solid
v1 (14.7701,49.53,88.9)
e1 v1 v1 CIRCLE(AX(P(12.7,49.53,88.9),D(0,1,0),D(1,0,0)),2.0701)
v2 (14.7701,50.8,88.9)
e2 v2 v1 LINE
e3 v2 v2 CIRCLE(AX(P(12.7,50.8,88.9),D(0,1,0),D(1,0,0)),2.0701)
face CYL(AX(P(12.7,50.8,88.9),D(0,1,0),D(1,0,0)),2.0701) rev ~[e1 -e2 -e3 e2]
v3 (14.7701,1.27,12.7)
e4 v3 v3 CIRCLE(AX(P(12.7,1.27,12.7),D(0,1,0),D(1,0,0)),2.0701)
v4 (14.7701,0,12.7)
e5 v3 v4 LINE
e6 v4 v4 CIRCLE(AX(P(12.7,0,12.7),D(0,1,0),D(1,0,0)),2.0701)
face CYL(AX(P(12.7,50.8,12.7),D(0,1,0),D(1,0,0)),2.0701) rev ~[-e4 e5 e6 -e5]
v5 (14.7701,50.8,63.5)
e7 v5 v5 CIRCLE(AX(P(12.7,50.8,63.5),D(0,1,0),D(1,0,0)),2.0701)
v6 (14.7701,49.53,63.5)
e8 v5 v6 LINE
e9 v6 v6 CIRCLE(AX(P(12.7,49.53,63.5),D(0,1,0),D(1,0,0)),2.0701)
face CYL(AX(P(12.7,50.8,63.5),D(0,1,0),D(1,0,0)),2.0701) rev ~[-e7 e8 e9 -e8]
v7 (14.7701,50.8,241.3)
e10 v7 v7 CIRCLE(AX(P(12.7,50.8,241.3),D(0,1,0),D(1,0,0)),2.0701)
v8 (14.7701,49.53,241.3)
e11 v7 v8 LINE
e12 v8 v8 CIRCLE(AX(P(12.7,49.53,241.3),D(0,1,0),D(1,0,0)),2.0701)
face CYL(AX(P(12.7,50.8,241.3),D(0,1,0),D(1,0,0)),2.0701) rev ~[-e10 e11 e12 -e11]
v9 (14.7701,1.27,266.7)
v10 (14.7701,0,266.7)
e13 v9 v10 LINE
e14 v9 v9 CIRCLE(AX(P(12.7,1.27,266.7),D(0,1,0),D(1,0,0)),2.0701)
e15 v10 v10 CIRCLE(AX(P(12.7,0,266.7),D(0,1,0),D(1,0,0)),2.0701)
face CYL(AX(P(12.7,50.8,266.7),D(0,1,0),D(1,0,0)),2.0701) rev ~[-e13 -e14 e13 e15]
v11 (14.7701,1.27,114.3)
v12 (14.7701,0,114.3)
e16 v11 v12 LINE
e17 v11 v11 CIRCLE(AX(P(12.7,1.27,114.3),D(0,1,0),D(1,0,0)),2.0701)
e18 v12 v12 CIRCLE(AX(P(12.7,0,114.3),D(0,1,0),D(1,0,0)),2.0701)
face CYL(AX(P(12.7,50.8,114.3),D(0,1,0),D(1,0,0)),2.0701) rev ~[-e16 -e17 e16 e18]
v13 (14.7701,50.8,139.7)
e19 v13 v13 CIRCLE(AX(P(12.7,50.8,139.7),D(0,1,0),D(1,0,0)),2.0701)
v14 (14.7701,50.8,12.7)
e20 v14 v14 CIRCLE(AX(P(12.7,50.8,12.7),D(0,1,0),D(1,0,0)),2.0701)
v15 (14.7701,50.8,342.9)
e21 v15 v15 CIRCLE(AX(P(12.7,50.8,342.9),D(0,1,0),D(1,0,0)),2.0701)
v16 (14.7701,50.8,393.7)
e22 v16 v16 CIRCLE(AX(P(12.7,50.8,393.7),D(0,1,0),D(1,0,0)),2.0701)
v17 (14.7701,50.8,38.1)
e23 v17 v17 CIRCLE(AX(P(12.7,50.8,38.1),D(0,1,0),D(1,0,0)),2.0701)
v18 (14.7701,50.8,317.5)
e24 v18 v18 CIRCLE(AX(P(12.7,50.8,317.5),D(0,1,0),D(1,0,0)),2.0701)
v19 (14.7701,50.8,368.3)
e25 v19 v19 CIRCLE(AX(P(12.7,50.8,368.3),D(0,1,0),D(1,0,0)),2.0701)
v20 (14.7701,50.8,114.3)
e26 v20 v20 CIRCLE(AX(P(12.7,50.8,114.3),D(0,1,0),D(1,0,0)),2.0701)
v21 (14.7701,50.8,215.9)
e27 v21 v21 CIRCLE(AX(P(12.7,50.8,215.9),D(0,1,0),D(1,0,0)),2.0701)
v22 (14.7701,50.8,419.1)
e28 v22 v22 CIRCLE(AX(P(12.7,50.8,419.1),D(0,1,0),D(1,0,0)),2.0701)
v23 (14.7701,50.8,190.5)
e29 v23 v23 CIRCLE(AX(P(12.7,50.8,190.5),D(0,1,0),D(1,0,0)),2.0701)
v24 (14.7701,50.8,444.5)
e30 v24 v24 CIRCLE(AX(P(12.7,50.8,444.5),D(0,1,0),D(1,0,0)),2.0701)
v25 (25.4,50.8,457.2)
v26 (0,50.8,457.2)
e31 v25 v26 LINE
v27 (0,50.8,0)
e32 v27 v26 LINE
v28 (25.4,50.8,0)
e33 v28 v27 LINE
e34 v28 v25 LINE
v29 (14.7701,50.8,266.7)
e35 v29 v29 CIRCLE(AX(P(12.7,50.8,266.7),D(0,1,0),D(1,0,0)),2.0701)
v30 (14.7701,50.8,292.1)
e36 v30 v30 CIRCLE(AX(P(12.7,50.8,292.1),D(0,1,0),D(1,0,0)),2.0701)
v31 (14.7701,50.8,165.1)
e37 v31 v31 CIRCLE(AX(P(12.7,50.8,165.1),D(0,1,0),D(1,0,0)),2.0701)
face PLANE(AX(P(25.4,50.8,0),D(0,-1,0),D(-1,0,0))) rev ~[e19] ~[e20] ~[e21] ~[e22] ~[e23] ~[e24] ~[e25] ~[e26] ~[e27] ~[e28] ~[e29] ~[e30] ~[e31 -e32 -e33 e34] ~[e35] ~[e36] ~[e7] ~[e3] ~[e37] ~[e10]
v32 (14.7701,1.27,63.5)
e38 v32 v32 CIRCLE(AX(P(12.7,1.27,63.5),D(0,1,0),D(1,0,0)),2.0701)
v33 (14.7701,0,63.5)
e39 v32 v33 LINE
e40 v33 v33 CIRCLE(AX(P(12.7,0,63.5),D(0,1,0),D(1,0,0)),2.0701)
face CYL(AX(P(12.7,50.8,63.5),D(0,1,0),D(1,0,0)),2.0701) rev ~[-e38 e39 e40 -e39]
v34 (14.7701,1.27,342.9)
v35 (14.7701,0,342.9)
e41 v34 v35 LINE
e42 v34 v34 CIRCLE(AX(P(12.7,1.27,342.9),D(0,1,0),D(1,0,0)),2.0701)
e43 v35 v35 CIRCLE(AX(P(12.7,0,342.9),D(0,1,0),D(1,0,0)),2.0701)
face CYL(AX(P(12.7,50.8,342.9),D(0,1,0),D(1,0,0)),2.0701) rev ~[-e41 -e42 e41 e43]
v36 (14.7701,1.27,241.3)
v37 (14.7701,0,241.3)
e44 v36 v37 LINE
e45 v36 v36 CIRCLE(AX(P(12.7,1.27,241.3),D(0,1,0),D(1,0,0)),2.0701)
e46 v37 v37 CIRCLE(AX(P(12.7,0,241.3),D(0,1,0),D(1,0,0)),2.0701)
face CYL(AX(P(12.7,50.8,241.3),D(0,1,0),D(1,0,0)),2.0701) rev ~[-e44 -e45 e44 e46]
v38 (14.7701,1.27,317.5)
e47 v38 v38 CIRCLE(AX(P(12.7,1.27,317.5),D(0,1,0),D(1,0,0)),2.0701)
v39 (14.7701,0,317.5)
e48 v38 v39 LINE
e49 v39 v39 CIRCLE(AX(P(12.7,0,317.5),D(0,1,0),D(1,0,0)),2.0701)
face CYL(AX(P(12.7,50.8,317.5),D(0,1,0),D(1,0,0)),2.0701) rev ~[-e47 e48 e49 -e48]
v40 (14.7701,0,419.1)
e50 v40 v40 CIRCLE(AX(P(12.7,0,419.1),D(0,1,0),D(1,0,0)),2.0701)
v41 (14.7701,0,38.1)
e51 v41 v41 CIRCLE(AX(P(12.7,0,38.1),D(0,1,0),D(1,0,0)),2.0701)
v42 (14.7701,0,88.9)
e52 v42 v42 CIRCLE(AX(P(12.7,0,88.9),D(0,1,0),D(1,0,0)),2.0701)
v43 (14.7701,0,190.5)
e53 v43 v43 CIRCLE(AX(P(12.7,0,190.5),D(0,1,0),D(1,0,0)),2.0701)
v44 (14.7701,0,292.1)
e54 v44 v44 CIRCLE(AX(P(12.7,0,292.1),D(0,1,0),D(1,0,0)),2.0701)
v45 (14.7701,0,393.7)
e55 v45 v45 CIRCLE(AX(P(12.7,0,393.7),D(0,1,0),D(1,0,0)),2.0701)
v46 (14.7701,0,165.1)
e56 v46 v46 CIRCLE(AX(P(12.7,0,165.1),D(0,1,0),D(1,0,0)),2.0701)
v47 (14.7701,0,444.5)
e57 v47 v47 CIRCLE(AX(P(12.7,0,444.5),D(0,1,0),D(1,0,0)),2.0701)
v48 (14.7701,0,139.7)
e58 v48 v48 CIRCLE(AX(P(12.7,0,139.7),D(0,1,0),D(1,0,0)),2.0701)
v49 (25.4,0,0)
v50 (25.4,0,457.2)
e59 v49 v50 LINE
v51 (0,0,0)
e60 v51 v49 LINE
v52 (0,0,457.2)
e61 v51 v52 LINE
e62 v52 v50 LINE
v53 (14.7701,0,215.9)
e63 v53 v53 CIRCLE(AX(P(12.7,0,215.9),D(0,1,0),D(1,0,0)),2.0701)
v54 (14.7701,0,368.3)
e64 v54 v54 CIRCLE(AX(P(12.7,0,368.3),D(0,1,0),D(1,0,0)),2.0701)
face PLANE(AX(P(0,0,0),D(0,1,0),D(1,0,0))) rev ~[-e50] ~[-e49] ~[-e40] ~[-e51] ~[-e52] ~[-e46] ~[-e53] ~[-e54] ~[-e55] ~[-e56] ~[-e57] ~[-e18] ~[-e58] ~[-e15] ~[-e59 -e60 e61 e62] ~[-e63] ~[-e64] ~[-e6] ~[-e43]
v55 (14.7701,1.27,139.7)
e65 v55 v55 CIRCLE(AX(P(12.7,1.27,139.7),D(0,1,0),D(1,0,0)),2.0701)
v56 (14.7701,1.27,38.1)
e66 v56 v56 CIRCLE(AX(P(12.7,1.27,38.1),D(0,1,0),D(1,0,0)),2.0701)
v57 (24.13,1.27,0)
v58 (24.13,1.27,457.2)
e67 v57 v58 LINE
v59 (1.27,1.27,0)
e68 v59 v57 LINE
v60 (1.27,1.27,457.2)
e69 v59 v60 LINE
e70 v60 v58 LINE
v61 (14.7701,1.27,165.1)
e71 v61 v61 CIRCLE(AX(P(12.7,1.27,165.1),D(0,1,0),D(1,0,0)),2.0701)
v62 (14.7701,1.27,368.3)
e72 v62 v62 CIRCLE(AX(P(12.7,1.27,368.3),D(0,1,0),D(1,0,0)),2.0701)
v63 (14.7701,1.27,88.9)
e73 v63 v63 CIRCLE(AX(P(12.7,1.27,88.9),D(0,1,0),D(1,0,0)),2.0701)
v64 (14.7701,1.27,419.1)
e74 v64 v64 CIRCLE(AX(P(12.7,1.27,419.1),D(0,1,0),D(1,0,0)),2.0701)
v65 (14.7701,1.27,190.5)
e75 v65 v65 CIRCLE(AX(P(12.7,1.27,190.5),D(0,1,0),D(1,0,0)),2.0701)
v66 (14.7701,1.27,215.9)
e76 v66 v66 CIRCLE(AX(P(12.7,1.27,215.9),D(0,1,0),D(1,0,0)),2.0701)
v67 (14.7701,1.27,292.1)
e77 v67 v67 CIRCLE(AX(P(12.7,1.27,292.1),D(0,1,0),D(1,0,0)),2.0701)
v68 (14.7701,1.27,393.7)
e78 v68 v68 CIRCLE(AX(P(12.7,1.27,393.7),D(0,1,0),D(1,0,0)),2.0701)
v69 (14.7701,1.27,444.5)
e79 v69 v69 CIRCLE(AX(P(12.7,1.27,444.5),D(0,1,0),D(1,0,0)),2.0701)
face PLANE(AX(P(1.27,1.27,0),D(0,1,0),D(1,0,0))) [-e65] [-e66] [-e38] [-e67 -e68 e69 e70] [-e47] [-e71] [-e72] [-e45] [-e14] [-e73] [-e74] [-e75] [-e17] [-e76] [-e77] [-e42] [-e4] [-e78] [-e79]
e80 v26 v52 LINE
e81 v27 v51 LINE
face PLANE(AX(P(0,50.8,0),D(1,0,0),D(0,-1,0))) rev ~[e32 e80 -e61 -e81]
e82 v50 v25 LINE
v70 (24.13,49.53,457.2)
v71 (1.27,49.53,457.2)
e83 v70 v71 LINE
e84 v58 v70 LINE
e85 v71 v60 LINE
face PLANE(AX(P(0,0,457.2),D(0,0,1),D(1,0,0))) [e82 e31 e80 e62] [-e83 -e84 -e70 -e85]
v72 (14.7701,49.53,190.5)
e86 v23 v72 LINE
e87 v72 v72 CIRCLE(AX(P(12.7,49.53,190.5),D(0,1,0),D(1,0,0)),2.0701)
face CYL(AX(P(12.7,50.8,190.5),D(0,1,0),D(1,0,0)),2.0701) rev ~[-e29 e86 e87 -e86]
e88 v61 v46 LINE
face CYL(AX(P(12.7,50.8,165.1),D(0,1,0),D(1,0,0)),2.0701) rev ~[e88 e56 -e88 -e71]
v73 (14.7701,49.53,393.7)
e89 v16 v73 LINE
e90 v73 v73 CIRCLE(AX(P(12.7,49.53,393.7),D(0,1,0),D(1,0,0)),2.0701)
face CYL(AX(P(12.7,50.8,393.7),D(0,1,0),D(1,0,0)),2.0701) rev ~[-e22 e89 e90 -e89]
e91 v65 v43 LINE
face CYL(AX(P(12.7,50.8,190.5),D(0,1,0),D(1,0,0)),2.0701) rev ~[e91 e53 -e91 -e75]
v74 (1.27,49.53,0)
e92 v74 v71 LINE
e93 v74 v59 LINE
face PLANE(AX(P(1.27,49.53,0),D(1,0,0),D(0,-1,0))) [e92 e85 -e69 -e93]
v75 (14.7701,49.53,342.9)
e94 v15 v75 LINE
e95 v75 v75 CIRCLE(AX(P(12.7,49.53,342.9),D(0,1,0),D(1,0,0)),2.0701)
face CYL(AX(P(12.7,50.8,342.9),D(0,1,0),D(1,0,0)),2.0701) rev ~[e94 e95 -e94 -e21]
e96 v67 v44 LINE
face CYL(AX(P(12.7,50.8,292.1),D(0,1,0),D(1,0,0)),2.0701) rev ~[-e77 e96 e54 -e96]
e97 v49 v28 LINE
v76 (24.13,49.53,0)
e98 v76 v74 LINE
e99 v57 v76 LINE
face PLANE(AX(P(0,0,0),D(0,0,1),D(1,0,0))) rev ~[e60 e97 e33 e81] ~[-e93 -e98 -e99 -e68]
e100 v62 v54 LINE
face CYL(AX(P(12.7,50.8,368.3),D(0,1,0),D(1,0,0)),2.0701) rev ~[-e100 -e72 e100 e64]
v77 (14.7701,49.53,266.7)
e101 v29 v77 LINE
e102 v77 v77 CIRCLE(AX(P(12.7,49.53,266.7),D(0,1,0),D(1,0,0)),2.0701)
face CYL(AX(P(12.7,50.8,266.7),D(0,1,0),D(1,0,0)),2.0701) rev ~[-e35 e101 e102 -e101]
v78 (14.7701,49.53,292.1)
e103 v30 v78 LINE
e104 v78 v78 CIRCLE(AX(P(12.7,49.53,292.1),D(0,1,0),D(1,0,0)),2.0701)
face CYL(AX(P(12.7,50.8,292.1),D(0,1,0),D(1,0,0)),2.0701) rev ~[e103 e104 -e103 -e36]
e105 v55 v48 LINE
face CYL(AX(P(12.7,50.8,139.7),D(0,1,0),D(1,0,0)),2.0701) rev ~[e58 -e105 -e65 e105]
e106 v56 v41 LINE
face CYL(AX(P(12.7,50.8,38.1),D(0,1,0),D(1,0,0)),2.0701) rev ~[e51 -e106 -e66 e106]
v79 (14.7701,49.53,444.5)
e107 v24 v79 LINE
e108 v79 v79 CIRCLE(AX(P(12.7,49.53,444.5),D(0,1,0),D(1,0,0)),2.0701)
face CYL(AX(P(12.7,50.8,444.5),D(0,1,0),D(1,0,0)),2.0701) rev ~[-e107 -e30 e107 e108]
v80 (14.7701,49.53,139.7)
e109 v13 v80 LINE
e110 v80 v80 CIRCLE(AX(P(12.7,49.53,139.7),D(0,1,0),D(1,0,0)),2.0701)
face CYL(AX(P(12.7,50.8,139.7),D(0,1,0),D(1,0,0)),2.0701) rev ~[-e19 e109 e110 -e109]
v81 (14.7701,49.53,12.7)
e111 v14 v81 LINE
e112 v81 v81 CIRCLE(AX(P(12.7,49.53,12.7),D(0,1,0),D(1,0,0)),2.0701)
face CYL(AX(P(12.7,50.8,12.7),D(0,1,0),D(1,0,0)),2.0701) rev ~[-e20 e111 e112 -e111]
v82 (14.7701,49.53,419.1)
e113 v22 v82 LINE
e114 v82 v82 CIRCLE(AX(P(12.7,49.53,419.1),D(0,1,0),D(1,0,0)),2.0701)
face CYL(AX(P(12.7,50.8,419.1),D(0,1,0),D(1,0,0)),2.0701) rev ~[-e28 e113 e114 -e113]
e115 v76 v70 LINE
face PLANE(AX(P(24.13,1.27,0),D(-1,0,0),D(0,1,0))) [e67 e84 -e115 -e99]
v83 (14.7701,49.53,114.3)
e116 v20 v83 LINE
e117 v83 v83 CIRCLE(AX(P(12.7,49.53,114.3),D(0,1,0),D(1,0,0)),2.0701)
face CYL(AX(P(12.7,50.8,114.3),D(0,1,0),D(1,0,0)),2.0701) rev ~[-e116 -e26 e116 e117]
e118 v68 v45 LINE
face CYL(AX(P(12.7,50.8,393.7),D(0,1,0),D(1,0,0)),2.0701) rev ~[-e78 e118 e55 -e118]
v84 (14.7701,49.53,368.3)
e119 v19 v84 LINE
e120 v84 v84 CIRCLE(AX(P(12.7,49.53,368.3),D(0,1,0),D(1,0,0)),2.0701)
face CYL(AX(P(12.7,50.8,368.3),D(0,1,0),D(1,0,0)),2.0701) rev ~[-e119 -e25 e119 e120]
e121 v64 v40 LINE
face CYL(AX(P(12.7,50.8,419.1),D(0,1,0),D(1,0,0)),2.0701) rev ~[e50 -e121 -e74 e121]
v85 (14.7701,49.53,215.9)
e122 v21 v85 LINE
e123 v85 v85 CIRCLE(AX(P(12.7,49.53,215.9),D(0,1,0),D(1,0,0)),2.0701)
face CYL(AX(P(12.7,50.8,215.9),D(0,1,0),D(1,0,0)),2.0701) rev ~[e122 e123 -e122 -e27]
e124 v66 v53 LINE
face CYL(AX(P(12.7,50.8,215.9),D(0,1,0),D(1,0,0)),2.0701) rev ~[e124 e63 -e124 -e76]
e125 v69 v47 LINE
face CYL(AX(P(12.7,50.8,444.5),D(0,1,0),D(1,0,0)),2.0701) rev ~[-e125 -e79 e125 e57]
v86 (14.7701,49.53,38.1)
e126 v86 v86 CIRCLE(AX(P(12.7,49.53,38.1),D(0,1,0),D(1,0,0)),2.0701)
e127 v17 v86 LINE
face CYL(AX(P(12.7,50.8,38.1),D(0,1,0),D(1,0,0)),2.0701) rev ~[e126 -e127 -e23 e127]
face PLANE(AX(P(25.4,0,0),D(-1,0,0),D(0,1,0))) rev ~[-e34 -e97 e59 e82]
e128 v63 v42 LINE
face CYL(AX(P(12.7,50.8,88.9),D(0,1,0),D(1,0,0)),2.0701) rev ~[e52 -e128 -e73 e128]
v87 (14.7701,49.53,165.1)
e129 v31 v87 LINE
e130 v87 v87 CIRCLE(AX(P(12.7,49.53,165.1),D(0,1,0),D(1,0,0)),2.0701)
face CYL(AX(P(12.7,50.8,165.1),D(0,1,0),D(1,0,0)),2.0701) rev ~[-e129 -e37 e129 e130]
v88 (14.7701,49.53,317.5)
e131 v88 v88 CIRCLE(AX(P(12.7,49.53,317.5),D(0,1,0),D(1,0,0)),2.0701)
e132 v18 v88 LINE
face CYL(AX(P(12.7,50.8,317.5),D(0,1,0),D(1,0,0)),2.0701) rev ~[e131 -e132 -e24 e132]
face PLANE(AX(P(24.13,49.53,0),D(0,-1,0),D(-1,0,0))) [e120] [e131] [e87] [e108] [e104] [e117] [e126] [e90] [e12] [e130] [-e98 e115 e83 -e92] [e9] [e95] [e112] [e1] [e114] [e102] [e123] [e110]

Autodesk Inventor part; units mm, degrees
ref_plane "YZ Plane" through (0, 0, 0) normal (1, 0, 0) x (0, 1, 0)
ref_plane "XZ Plane" through (0, 0, 0) normal (0, 1, 0) x (-1, 0, 0)
ref_plane "XY Plane" through (0, 0, 0) normal (0, 0, 1) x (1, 0, 0)
sketch "Sketch1" plane through (0, 0, 0) normal (0, 0, 1) x (1, 0, 0)
  line L0 (0, 0) -> (25.4, 0)
  line L1 (25.4, 0) -> (25.4, 50.8)
  line L2 (25.4, 50.8) -> (0, 50.8)
  line L3 (0, 50.8) -> (0, 0)
  line L4 (1.27, 1.27) -> (24.13, 1.27)
  line L5 (24.13, 1.27) -> (24.13, 49.53)
  line L6 (24.13, 49.53) -> (1.27, 49.53)
  line L7 (1.27, 49.53) -> (1.27, 1.27)
  dimension "d0" = 25.4
  dimension "d1" = 50.8
  dimension "d4" = 1.27
  dimension "d5" = 1.27
extrude "Extrusion1" add sketch "Sketch1" along normal blind 457.2
sketch "Sketch2" plane through (0, 50.8, 0) normal (0, 1, 0) x (1, 0, 0)
  line L0 (1.27, -457.2) -> (24.13, -457.2) projected
  circle A0 centre (12.7, -12.7) radius 2.0701
  line L1 (0, 0) -> (0, -457.2) projected
  line L2 (25.4, 0) -> (0, 0) projected
  dimension "d9" = 4.1402
  dimension "d10" = 12.7
  dimension "d11" = 12.7
extrude "Extrusion2" cut sketch "Sketch2" against normal blind 457.2
pattern_linear "Rectangular Pattern1" count 18 spacing 25.4 along (0, 0, 1) of "Extrusion2"
equation "\"d0\" = u1"
equation "\"d1\" = u2"
equation "\"d4\" = u3"
equation "\"d5\" = u3"
equation "\"d6\" = u4"
equation "\"d9\" = u5"
equation "\"d10\" = u6"
equation "\"d11\" = u7"
equation "\"d12\" = u4"
equation "\"d16\" = u9"
equation "\"u1\" = 25.4"
equation "\"u2\" = 50.8"
equation "\"u3\" = 1.27"
equation "\"u4\" = 457.2"
equation "\"u5\" = 4.1402"
equation "\"u6\" = 12.7"
equation "\"u7\" = 12.7"
equation "\"u9\" = 25.4"
properties part number "18in VerseFrame Uptake"
